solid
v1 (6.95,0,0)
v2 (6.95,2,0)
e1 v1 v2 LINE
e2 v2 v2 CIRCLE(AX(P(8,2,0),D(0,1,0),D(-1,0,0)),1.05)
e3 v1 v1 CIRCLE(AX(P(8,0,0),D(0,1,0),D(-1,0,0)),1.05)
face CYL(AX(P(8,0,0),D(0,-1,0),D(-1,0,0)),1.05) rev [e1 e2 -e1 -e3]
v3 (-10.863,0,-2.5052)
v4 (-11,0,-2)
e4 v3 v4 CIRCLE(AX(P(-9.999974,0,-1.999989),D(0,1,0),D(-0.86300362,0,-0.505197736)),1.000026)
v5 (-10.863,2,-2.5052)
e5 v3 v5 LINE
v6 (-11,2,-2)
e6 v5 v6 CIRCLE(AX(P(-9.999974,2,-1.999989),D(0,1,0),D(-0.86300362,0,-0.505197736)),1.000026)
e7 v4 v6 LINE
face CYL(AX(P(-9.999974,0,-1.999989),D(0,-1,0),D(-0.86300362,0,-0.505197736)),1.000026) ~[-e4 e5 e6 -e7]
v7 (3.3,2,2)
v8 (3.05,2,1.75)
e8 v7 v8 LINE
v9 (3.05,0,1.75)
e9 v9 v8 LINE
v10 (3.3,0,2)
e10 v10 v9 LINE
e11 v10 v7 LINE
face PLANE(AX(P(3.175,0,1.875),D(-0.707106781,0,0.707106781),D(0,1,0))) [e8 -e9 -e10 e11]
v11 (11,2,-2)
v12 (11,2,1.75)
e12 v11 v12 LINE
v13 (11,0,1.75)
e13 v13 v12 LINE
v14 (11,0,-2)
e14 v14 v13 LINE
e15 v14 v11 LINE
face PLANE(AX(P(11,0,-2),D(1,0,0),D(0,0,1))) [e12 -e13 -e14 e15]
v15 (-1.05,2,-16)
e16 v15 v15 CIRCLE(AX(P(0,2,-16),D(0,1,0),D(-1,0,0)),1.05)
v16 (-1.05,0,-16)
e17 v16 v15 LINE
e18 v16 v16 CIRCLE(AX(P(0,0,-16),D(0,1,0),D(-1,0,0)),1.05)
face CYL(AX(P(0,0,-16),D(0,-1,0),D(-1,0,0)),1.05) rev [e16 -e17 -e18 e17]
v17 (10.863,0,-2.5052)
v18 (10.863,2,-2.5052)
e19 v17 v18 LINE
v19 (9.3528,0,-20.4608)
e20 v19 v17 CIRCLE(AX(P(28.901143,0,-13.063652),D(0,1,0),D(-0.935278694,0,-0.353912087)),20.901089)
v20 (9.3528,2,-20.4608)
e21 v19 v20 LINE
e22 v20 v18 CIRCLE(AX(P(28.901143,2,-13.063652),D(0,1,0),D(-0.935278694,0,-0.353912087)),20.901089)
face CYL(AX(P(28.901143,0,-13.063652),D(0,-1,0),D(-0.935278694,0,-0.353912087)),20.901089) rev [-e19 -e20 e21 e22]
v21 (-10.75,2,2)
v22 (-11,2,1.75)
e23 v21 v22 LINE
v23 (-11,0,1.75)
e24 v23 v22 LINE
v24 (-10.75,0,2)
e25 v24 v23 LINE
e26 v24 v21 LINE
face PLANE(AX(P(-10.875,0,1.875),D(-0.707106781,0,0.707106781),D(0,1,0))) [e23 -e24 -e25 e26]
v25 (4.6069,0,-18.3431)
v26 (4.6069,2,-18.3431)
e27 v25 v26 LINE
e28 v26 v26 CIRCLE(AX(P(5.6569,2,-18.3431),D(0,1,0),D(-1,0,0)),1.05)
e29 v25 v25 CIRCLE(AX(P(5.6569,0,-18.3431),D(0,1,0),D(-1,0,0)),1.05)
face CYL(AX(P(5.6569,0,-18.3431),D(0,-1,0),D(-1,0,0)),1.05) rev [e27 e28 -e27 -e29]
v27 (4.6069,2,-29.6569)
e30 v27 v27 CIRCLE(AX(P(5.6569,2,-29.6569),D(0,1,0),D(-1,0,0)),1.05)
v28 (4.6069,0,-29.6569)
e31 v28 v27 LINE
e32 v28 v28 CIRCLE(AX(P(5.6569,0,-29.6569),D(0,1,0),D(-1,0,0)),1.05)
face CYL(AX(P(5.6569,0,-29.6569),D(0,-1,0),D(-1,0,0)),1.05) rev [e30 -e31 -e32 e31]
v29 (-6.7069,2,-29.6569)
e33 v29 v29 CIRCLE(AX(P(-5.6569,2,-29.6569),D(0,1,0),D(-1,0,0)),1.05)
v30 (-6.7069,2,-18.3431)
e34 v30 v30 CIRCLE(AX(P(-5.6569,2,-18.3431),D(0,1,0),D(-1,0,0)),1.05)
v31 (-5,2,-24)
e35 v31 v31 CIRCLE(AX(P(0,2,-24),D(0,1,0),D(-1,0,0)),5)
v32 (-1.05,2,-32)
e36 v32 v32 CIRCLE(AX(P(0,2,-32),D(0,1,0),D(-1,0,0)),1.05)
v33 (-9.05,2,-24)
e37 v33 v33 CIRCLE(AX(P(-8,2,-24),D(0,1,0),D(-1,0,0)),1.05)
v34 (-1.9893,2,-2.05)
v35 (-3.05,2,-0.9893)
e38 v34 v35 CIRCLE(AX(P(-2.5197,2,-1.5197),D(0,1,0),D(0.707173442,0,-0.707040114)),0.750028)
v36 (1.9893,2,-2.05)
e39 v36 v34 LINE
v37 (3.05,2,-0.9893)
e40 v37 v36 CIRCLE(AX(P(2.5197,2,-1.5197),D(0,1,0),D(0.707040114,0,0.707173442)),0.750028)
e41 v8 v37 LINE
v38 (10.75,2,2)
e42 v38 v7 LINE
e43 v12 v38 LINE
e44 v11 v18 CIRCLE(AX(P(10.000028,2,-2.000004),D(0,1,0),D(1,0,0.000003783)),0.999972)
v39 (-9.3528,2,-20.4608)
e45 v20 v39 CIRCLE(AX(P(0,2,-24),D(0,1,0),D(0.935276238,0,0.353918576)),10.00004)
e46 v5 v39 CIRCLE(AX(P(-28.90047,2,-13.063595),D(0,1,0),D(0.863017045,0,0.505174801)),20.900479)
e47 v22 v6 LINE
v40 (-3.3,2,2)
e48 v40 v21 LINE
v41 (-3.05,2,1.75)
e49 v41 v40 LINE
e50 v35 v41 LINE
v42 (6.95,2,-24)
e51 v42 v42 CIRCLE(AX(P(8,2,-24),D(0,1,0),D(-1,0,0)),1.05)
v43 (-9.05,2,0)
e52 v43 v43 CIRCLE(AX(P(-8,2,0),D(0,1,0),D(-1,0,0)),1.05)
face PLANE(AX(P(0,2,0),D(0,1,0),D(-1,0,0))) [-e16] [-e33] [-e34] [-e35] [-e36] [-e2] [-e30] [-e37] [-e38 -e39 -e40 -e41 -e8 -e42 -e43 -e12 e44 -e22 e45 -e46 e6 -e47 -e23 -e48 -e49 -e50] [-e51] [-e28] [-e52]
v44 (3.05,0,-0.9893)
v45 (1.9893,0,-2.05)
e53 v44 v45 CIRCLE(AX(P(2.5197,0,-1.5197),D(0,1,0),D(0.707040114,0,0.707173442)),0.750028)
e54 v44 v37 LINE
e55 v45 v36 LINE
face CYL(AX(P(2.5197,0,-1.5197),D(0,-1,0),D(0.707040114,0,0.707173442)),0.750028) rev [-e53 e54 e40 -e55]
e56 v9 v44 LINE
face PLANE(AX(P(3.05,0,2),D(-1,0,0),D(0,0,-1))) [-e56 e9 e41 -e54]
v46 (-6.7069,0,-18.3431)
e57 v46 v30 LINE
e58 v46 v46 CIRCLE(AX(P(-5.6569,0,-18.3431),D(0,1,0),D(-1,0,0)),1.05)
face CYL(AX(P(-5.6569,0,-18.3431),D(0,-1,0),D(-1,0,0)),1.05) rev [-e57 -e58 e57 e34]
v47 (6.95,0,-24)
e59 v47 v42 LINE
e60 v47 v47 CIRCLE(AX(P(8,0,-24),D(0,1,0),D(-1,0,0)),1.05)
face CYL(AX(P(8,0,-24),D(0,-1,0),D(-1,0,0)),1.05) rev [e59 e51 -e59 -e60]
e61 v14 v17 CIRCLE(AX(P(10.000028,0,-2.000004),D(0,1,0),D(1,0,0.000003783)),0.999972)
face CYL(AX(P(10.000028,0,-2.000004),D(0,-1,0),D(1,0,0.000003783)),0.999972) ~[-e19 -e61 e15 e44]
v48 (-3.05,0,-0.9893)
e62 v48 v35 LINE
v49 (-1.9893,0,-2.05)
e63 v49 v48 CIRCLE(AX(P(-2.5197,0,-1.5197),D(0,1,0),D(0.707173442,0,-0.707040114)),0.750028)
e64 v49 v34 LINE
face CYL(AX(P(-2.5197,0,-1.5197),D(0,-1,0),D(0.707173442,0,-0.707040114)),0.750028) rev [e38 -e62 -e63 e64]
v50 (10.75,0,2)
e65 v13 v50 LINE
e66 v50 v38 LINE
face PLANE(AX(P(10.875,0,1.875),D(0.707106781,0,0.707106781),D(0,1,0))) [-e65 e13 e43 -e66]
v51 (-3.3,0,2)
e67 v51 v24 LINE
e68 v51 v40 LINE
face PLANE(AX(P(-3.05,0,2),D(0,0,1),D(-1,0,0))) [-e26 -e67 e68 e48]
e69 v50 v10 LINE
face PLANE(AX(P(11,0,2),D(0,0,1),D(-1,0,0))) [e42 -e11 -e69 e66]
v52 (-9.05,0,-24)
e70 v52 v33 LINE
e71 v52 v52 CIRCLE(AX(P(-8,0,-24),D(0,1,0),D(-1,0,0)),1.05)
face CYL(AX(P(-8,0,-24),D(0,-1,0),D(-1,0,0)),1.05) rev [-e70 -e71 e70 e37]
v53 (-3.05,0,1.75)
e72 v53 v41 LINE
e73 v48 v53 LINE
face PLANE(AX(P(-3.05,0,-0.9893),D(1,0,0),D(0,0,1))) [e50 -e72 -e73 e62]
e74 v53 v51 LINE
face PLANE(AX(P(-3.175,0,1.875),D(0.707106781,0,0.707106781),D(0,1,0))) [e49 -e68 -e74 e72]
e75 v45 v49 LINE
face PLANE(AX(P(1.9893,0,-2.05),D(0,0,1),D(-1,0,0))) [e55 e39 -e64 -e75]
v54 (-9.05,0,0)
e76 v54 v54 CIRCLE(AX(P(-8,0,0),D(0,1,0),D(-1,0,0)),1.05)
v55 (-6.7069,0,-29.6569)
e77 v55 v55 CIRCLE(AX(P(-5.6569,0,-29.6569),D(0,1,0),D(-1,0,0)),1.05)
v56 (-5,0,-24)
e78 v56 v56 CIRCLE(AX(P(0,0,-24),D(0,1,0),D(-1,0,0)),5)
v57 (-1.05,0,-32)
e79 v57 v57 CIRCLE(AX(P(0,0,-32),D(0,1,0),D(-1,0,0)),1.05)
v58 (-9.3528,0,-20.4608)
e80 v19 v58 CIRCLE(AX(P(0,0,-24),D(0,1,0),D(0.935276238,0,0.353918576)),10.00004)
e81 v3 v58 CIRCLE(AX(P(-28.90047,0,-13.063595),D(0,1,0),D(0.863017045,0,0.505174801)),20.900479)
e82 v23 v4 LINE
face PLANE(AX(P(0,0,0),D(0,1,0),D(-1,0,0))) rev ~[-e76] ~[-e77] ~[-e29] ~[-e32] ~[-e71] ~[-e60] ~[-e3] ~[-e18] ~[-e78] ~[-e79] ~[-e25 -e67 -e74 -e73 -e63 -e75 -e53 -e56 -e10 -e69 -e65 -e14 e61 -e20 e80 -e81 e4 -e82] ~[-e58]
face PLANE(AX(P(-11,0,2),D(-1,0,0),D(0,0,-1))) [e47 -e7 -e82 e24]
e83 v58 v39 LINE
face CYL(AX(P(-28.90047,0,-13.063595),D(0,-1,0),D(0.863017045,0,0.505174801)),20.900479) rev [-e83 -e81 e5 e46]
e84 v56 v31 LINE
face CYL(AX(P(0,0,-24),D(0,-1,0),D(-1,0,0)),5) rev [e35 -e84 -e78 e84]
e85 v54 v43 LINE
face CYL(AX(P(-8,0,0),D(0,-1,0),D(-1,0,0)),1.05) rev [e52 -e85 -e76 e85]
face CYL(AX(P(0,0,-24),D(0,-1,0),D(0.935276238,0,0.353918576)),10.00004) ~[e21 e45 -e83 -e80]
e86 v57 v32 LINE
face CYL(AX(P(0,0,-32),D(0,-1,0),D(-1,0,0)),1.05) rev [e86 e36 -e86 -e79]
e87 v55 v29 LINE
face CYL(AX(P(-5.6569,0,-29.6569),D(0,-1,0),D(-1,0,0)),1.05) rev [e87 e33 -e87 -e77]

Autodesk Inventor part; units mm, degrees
ref_plane "YZ Plane" through (0, 0, 0) normal (1, 0, 0) x (0, 1, 0)
ref_plane "XZ Plane" through (0, 0, 0) normal (0, 1, 0) x (-1, 0, 0)
ref_plane "XY Plane" through (0, 0, 0) normal (0, 0, 1) x (1, 0, 0)
sketch "スケッチ1" plane through (0, 0, 0) normal (0, 1, 0) x (-1, 0, 0)
  line L0 (0, 0) -> (0, -24) construction
  circle A0 centre (0, -24) radius 5
  arc A1 (-9.3528, -20.4608) -> (9.3528, -20.4608) centre (0, -24) ccw
  line L1 (11, -2) -> (-11, -2) construction
  line L2 (-11, -2) -> (-11, 2)
  line L3 (11, 2) -> (11, -2)
  line L4 (11, 0) -> (-11, 0) construction
  circle A2 centre (8, 0) radius 1.05
  circle A3 centre (-8, 0) radius 1.05
  circle A4 centre (0, -24) radius 8 construction
  circle A5 centre (5.6569, -18.3431) radius 1.05
  circle A6 centre (0, -16) radius 1.05
  circle A7 centre (-5.6569, -18.3431) radius 1.05
  circle A8 centre (-8, -24) radius 1.05
  circle A9 centre (-5.6569, -29.6569) radius 1.05
  circle A10 centre (0, -32) radius 1.05
  circle A11 centre (5.6569, -29.6569) radius 1.05
  circle A12 centre (8, -24) radius 1.05
  line L5 (-3.05, 2) -> (-3.05, -0.9893)
  line L6 (-3.05, -2.05) -> (-1.9893, -2.05) construction
  arc A13 (1.9893, -2.05) -> (3.05, -0.9893) centre (2.5197, -1.5197) ccw
  line L7 (3.05, -2.05) -> (2.5197, -1.5197) construction
  line L8 (3.05, -0.9893) -> (3.05, 2)
  arc A14 (-3.05, -0.9893) -> (-1.9893, -2.05) centre (-2.5197, -1.5197) ccw
  line L9 (-3.05, -2.05) -> (-2.5197, -1.5197) construction
  line L10 (-3.05, -0.9893) -> (-3.05, -2.05) construction
  line L11 (-1.9893, -2.05) -> (1.9893, -2.05)
  line L12 (3.05, -0.9893) -> (3.05, -2.05) construction
  line L13 (1.9893, -2.05) -> (3.05, -2.05) construction
  line L14 (-11, 2) -> (-3.05, 2)
  line L15 (3.05, 2) -> (11, 2)
  arc A15 (10.863, -2.5052) -> (11, -2) centre (10, -2) ccw
  arc A16 (10.863, -2.5052) -> (9.3528, -20.4608) centre (28.9008, -13.0637) ccw
  line L16 (8, -6.3971) -> (8, -16.9723) construction
  arc A17 (-11, -2) -> (-10.863, -2.5052) centre (-10, -2) ccw
  arc A18 (-9.3528, -20.4608) -> (-10.863, -2.5052) centre (-28.9008, -13.0637) ccw
  dimension "d18" = 16
  dimension "d0" = 22
  dimension "d1" = 10
  dimension "d2" = 10
  dimension "d5" = 16
  dimension "d6" = 2.1
  dimension "d16" = 360
  dimension "d19" = 2.1
  dimension "d20" = 22
  dimension "d23" = 0.75
  dimension "d26" = 6.1
  dimension "d28" = 45
  dimension "d29" = 0.75
  dimension "d30" = 45
  dimension "d32" = 4
  dimension "d33" = 4.05
  dimension "d34" = 1
  dimension "d35" = 16
extrude "押し出し1" add sketch "スケッチ1" along normal blind 2
chamfer "面取り1" distance 0.25 angle 45 4 edges at (11, 1, 2) (-11, 1, 2) (-3.05, 1, 2) (3.05, 1, 2)
properties part number "16_008_COXA_FRAME_3_R1" material "Aluminum 6061"
